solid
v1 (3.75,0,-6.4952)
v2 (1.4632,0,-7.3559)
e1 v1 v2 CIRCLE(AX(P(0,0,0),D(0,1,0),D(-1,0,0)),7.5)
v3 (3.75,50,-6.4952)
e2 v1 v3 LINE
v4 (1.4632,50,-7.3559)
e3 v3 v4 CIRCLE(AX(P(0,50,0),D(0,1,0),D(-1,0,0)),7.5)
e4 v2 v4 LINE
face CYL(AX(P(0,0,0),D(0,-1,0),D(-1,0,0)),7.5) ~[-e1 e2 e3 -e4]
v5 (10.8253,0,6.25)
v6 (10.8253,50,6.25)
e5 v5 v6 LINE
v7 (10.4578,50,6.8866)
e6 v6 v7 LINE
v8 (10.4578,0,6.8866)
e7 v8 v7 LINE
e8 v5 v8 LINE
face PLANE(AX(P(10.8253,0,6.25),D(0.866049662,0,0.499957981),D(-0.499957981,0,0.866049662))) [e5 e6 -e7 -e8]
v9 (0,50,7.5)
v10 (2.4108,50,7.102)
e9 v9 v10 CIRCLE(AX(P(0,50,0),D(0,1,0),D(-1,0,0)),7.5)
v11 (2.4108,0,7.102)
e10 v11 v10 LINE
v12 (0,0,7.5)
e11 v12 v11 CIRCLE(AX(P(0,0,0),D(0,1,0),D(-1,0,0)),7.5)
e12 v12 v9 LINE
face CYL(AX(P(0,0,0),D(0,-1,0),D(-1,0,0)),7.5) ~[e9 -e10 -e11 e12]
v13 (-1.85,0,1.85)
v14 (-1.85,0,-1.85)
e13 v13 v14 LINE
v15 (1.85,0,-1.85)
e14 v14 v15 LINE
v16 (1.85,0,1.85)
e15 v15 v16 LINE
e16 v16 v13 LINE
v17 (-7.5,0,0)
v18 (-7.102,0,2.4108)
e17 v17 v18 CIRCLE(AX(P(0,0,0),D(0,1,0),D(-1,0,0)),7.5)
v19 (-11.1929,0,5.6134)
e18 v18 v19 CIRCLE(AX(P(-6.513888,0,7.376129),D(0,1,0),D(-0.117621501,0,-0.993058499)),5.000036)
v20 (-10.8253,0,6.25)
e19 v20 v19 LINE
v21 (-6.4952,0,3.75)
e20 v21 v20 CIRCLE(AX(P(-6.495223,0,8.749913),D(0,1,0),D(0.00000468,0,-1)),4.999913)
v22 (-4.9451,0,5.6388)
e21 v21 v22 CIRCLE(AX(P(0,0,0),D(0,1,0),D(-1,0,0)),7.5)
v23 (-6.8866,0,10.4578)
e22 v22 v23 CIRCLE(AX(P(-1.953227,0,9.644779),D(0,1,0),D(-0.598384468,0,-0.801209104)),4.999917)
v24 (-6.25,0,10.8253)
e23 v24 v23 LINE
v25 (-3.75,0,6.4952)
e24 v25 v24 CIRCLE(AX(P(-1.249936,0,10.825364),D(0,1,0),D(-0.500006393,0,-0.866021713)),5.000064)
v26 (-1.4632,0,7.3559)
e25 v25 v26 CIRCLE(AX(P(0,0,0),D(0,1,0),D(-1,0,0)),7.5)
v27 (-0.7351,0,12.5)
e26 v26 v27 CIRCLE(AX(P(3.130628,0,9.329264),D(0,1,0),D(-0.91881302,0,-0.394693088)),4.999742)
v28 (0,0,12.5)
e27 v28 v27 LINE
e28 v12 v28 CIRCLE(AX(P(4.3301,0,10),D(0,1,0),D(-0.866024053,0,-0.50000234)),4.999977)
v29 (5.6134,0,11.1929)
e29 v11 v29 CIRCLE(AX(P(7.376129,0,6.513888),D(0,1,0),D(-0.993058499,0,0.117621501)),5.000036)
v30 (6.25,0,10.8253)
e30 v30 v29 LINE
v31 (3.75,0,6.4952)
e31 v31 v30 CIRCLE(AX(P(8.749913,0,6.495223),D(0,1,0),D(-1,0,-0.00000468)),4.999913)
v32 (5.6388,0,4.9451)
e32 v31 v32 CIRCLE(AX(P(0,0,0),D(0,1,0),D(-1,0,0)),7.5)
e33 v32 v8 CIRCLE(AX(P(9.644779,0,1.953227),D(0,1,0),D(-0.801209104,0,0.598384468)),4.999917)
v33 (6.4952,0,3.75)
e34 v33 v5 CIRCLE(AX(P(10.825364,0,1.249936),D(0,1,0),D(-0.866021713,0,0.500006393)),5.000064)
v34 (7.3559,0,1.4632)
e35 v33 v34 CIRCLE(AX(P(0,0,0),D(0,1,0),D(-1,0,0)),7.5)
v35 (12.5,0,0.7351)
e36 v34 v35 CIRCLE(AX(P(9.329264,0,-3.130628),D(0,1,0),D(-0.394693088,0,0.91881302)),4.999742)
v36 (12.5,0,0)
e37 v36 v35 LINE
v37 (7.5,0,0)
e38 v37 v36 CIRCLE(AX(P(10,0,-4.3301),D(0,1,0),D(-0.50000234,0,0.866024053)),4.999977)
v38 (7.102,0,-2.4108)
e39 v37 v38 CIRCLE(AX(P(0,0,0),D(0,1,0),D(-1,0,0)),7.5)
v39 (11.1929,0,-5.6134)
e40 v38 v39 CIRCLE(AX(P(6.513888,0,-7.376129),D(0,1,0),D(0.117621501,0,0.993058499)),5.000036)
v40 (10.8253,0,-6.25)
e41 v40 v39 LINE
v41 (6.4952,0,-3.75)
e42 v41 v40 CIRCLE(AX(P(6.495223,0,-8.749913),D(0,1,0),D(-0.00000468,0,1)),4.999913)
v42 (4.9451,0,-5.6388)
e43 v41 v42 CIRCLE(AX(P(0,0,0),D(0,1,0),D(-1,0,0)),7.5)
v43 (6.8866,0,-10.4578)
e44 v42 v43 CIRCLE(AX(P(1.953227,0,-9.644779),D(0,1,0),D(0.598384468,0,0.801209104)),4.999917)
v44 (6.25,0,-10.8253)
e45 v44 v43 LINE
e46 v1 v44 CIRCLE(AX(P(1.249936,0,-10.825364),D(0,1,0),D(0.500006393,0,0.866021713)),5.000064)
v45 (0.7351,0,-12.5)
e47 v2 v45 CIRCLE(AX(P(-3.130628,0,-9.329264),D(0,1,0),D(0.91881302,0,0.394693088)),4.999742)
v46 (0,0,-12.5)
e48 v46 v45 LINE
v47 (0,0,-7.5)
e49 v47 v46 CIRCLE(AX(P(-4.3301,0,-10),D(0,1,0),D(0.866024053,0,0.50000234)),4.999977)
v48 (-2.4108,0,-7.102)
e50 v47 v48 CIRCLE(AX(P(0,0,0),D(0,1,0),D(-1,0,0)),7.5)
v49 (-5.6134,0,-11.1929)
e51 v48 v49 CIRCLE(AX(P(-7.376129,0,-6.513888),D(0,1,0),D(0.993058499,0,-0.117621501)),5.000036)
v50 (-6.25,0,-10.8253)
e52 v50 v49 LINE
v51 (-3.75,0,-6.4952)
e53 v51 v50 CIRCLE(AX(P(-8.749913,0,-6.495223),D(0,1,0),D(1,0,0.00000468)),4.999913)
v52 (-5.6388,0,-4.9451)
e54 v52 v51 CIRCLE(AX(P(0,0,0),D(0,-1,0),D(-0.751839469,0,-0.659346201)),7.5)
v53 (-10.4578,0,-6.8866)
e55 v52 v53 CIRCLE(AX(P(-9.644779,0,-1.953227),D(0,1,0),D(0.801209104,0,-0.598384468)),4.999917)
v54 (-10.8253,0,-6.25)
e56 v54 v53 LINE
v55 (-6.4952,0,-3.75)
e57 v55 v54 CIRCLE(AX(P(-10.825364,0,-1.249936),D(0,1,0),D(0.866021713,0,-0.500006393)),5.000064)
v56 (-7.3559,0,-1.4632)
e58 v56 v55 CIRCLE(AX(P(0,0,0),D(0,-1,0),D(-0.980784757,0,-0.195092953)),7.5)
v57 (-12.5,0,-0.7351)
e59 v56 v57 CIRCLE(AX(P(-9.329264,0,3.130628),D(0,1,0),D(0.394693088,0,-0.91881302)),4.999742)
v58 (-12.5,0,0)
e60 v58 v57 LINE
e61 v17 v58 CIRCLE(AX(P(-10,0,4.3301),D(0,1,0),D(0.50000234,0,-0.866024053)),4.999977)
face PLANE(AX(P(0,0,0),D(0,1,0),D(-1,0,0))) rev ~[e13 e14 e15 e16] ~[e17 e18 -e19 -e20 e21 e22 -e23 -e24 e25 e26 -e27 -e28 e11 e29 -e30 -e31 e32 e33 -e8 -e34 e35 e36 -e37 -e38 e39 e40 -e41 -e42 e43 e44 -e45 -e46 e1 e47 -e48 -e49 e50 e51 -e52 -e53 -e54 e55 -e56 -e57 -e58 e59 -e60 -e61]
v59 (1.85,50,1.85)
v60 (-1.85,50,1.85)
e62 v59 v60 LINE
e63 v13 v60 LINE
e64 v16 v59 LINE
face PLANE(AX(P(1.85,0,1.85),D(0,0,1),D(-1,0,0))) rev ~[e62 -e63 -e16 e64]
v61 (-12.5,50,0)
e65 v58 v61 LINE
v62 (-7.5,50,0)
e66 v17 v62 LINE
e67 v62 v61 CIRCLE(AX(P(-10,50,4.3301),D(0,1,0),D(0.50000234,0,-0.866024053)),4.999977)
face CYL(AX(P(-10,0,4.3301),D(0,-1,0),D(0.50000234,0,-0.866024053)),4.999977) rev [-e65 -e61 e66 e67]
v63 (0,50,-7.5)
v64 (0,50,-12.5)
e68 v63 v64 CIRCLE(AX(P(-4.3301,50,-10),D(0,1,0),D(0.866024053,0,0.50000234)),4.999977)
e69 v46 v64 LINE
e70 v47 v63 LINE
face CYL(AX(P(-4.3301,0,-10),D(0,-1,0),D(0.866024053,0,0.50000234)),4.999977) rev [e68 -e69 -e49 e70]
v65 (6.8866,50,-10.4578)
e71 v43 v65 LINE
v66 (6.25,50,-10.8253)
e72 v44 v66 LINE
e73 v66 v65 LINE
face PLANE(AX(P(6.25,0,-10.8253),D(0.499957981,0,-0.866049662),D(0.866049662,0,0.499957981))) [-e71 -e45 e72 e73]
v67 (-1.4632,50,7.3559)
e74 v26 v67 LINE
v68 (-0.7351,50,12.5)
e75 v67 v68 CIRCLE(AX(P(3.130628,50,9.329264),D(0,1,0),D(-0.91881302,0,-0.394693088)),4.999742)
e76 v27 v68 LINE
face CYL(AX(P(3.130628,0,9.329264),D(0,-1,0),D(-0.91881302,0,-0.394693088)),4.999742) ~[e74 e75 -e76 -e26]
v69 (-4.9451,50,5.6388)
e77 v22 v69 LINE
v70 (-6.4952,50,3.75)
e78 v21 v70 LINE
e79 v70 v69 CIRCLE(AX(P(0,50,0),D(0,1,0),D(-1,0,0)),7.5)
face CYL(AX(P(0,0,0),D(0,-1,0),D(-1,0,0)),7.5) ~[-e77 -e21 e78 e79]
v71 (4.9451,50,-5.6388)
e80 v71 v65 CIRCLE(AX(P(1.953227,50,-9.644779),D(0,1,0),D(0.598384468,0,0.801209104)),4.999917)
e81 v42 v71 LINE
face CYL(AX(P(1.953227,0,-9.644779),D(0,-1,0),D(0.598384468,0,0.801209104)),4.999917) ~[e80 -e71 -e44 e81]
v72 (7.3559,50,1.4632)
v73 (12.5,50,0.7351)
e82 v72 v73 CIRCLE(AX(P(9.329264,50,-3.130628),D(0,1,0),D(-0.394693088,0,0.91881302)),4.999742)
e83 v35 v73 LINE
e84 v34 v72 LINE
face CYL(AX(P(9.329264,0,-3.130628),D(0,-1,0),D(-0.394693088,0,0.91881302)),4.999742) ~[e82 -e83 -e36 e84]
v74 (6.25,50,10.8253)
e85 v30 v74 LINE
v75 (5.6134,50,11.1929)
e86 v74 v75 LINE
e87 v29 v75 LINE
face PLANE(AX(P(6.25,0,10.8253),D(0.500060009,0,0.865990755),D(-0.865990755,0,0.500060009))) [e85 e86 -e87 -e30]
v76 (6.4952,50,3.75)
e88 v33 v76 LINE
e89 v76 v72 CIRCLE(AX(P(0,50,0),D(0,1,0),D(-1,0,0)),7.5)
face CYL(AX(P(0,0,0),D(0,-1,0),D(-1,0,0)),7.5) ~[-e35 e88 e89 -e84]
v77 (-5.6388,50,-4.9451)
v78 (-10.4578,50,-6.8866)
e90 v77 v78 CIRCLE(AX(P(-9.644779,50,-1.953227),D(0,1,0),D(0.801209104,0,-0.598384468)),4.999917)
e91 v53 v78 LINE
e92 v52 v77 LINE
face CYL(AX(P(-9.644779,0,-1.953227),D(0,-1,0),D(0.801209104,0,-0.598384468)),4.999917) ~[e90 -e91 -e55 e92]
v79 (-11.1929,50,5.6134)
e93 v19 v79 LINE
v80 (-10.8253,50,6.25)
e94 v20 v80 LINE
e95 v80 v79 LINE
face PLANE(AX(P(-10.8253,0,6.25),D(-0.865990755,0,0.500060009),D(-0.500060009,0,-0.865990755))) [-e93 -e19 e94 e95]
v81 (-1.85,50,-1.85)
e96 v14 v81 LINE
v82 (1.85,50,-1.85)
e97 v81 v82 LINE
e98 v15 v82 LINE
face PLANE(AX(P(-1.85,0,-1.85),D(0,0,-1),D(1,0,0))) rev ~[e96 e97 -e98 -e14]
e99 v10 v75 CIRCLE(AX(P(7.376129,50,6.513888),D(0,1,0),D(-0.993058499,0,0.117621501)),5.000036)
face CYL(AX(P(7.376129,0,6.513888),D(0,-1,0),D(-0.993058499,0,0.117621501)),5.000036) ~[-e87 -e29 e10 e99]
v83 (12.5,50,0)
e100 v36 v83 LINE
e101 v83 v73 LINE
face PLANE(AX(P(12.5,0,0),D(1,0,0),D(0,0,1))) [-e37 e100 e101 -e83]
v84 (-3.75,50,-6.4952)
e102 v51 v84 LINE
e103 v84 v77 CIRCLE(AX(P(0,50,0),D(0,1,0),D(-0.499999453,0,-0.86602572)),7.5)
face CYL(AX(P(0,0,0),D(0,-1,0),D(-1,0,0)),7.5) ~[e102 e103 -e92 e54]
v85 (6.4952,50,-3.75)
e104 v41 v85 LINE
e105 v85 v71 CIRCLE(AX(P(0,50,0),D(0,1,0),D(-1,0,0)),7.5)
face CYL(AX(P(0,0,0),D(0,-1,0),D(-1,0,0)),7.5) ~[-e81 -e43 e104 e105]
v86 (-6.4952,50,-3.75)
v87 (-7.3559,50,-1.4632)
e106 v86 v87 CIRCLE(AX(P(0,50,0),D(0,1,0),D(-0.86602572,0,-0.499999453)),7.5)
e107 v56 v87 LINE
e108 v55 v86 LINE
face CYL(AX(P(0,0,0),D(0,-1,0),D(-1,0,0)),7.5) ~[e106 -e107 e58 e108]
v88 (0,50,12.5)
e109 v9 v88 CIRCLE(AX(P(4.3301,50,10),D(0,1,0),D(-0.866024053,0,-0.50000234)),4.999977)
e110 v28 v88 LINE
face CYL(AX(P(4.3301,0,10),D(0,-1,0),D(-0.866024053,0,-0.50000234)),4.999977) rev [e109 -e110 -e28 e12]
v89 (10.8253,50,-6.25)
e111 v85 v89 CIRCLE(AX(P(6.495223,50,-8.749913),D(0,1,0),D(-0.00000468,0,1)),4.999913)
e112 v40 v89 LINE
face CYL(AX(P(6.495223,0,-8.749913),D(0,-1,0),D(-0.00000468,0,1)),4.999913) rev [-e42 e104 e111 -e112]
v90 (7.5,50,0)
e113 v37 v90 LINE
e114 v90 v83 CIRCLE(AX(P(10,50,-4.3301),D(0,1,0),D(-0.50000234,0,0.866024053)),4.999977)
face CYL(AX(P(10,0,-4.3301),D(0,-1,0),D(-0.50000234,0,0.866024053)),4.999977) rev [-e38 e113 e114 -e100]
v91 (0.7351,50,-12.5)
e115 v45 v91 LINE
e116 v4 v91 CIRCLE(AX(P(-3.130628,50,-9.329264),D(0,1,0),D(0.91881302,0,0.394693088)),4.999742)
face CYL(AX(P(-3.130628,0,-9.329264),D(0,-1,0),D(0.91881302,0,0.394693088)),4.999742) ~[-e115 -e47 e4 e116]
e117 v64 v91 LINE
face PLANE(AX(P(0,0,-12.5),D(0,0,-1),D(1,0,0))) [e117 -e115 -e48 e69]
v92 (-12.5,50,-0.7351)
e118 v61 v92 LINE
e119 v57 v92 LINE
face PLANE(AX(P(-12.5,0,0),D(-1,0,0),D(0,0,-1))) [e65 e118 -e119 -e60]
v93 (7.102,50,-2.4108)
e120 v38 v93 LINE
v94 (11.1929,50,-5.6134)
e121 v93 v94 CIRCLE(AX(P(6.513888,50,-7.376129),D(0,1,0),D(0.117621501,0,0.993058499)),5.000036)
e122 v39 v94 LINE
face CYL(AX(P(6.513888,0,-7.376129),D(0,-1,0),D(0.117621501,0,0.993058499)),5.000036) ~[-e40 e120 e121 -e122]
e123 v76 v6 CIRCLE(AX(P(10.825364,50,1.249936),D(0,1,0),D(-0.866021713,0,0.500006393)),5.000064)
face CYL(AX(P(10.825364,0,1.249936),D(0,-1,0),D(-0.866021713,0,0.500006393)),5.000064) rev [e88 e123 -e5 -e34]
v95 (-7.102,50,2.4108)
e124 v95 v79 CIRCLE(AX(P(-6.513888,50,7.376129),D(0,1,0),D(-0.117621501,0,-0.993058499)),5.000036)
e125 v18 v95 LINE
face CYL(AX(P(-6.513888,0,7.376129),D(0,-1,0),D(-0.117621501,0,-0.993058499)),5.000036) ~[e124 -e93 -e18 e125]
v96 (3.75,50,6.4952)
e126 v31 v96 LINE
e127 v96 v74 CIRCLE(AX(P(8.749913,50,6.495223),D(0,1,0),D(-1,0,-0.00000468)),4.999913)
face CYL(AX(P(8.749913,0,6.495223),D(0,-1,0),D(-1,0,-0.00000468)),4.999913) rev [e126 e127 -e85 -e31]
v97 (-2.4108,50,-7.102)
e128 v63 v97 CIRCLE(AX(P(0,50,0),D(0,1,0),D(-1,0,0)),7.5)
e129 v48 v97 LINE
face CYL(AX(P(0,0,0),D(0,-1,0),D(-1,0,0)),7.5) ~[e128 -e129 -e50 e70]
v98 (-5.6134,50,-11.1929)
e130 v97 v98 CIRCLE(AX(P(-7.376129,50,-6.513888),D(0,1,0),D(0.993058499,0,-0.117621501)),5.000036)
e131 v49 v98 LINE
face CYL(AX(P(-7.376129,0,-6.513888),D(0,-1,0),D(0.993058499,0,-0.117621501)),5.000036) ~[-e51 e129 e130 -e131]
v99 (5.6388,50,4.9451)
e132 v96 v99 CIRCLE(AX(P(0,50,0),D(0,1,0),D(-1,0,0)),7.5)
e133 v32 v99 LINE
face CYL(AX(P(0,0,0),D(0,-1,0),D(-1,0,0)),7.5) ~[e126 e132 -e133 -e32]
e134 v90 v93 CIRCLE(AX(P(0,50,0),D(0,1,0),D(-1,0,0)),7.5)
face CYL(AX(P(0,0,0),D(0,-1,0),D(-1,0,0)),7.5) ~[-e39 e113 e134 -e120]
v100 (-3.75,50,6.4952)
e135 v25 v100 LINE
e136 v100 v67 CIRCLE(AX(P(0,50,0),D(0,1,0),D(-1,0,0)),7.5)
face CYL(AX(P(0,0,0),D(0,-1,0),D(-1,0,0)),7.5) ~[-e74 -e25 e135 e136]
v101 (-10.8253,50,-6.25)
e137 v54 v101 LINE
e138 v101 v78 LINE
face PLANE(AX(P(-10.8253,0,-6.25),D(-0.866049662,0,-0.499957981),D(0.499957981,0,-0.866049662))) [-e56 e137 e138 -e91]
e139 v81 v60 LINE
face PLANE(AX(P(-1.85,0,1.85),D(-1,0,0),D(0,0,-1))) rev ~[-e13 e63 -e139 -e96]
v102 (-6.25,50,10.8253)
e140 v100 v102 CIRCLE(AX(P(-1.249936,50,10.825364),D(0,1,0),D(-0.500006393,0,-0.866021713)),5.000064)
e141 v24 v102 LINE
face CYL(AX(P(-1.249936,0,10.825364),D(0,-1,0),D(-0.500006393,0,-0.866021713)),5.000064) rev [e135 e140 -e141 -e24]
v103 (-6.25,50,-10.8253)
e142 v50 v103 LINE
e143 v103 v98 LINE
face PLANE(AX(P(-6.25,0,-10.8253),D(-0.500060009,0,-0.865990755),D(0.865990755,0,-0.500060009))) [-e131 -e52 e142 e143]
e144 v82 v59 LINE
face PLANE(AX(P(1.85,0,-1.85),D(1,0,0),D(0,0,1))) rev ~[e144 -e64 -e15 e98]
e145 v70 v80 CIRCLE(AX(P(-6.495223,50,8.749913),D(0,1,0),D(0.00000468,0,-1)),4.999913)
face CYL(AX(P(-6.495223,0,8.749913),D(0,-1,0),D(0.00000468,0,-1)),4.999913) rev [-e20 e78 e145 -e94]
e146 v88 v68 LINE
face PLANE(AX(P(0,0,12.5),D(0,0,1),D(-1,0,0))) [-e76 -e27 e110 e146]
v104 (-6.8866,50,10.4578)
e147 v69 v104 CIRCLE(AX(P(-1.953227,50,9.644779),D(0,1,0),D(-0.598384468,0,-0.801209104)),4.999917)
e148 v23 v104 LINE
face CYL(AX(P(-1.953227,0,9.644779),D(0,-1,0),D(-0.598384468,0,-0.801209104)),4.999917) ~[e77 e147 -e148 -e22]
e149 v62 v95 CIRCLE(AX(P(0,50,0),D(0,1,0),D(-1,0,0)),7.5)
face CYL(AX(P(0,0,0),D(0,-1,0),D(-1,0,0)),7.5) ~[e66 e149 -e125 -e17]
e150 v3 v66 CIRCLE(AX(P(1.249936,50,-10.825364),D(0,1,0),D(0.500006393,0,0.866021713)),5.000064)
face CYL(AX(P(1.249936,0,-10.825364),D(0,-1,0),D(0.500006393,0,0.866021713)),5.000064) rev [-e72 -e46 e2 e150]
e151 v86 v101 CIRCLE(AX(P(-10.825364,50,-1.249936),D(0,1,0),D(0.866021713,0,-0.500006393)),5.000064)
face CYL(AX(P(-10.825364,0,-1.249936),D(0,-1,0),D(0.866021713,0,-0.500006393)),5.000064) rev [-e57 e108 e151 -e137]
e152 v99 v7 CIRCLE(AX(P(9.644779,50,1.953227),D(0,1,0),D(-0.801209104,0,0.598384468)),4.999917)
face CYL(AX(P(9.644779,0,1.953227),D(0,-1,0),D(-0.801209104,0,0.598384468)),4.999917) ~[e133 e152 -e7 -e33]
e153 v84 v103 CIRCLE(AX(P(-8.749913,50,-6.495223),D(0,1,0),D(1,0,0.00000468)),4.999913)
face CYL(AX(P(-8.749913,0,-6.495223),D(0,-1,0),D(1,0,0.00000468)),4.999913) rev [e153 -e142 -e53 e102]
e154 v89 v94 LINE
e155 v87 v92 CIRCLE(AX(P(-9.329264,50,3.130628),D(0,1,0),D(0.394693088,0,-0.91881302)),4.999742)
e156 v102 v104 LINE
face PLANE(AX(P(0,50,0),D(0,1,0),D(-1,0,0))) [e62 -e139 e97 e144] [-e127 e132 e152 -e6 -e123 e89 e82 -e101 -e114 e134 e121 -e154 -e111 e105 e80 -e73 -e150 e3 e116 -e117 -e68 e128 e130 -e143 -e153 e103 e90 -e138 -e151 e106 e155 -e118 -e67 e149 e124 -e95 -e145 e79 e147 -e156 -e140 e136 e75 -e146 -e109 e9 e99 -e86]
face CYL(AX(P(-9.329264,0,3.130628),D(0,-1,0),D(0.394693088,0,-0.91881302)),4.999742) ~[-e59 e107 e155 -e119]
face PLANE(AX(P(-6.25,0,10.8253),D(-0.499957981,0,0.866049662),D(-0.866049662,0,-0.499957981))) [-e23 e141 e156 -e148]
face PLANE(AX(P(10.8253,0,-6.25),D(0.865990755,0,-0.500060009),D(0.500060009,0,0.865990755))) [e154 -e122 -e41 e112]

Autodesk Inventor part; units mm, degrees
ref_plane "YZ Plane" through (0, 0, 0) normal (1, 0, 0) x (0, 1, 0)
ref_plane "XZ Plane" through (0, 0, 0) normal (0, 1, 0) x (-1, 0, 0)
ref_plane "XY Plane" through (0, 0, 0) normal (0, 0, 1) x (1, 0, 0)
sketch "Sketch1" plane through (0, 0, 0) normal (0, 1, 0) x (-1, 0, 0)
  circle A0 centre (0, 0) radius 7.5
  line L0 (1.5, 1.5) -> (-1.5, -1.5) construction
  line L1 (-1.5, 1.5) -> (1.5, -1.5) construction
  arc A1 (7.5, 0) -> (12.5, 0) centre (10, 4.3301) ccw
  line L2 (0, 0) -> (5.3033, -5.3033)
  line L3 (0, 0) -> (6.9291, -2.8701)
  line L4 (0, 0) -> (7.5, 0) construction
  line L5 (0, 0) -> (7.3559, -1.4632)
  line L6 (0, 0) -> (7.5, 0) construction
  line L7 (0, 0) -> (7.4639, -0.7351)
  line L8 (0, 0) -> (7.5, 0) construction
  line L9 (12.5, 0) -> (12.5, -0.7351)
  arc A2 (7.4639, -0.7351) -> (7.5, 0) centre (0, 0) ccw
  arc A3 (7.3559, -1.4632) -> (12.5, -0.7351) centre (9.3293, 3.1309) ccw
  arc A4 (6.4952, 3.75) -> (10.8253, 6.25) centre (6.4952, 8.75) ccw
  line L10 (10.8253, 6.25) -> (11.1929, 5.6134)
  arc A5 (7.102, 2.4108) -> (11.1929, 5.6134) centre (6.5139, 7.3761) ccw
  arc A6 (3.75, 6.4952) -> (6.25, 10.8253) centre (1.25, 10.8253) ccw
  line L11 (6.25, 10.8253) -> (6.8866, 10.4578)
  arc A7 (4.9451, 5.6388) -> (6.8866, 10.4578) centre (1.9532, 9.6448) ccw
  arc A8 (0, 7.5) -> (0, 12.5) centre (-4.3301, 10) ccw
  line L12 (0, 12.5) -> (0.7351, 12.5)
  arc A9 (1.4632, 7.3559) -> (0.7351, 12.5) centre (-3.1309, 9.3293) ccw
  arc A10 (-3.75, 6.4952) -> (-6.25, 10.8253) centre (-8.75, 6.4952) ccw
  line L13 (-6.25, 10.8253) -> (-5.6134, 11.1929)
  arc A11 (-2.4108, 7.102) -> (-5.6134, 11.1929) centre (-7.3761, 6.5139) ccw
  arc A12 (-6.4952, 3.75) -> (-10.8253, 6.25) centre (-10.8253, 1.25) ccw
  line L14 (-10.8253, 6.25) -> (-10.4578, 6.8866)
  arc A13 (-5.6388, 4.9451) -> (-10.4578, 6.8866) centre (-9.6448, 1.9532) ccw
  arc A14 (-7.5, 0) -> (-12.5, 0) centre (-10, -4.3301) ccw
  line L15 (-12.5, 0) -> (-12.5, 0.7351)
  arc A15 (-7.3559, 1.4632) -> (-12.5, 0.7351) centre (-9.3293, -3.1309) ccw
  arc A16 (-6.4952, -3.75) -> (-10.8253, -6.25) centre (-6.4952, -8.75) ccw
  line L16 (-10.8253, -6.25) -> (-11.1929, -5.6134)
  arc A17 (-7.102, -2.4108) -> (-11.1929, -5.6134) centre (-6.5139, -7.3761) ccw
  arc A18 (-3.75, -6.4952) -> (-6.25, -10.8253) centre (-1.25, -10.8253) ccw
  line L17 (-6.25, -10.8253) -> (-6.8866, -10.4578)
  arc A19 (-4.9451, -5.6388) -> (-6.8866, -10.4578) centre (-1.9532, -9.6448) ccw
  arc A20 (0, -7.5) -> (0, -12.5) centre (4.3301, -10) ccw
  line L18 (0, -12.5) -> (-0.7351, -12.5)
  arc A21 (-1.4632, -7.3559) -> (-0.7351, -12.5) centre (3.1309, -9.3293) ccw
  arc A22 (3.75, -6.4952) -> (6.25, -10.8253) centre (8.75, -6.4952) ccw
  line L19 (6.25, -10.8253) -> (5.6134, -11.1929)
  arc A23 (2.4108, -7.102) -> (5.6134, -11.1929) centre (7.3761, -6.5139) ccw
  arc A24 (6.4952, -3.75) -> (10.8253, -6.25) centre (10.8253, -1.25) ccw
  line L20 (10.8253, -6.25) -> (10.4578, -6.8866)
  arc A25 (5.6388, -4.9451) -> (10.4578, -6.8866) centre (9.6448, -1.9532) ccw
  line L21 (1.85, -1.85) -> (-1.85, -1.85)
  line L22 (-1.85, -1.85) -> (-1.85, 1.85)
  line L23 (-1.85, 1.85) -> (1.85, 1.85)
  line L24 (1.85, 1.85) -> (1.85, -1.85)
  line L25 (1.85, -1.85) -> (-1.85, 1.85) construction
  line L26 (-1.85, -1.85) -> (1.85, 1.85) construction
  point P0 (7.102, 2.4108)
  point P1 (6.4952, 3.75)
  point P2 (4.9451, 5.6388)
  point P3 (3.75, 6.4952)
  point P4 (1.4632, 7.3559)
  point P5 (0, 7.5)
  point P6 (-2.4108, 7.102)
  point P7 (-3.75, 6.4952)
  point P8 (-5.6388, 4.9451)
  point P9 (-6.4952, 3.75)
  point P10 (-7.3559, 1.4632)
  point P11 (-7.5, 0)
  point P12 (-1.4632, -7.3559)
  point P13 (0, -7.5)
  point P14 (2.4108, -7.102)
  point P15 (3.75, -6.4952)
  dimension "d0" = 15
  dimension "d1" = 3
  dimension "d2" = 3
  dimension "d3" = 5
  dimension "d4" = 5
  dimension "d5" = 22.5
  dimension "d6" = 11.25
  dimension "d7" = 5.625
  dimension "d13" = 5
  dimension "d16" = 360
  dimension "d20" = 3.7
  dimension "d21" = 3.7
extrude "Extrusion1" add sketch "Sketch1" along normal blind 50 contours A0 L7 L24 L23 L22 L21 L2 | A1 L9 A3 A0 | A0 A4 L10 A5 | A0 L5 L24 L7 | A0 L3 L24 L5 | A0 A6 L11 A7 | A0 L2 L24 L3 | A24 L20 A25 A0 | A0 A8 L12 A9 | A22 L19 A23 A0 | A0 A10 L13 A11 | A20 L18 A21 A0 | A0 A12 L14 A13 | A18 L17 A19 A0 | A0 A14 L15 A15 | A16 L16 A17 A0
sketch "Sketch2" plane through (12.5, 0, 0) normal (1, 0, 0) x (0, 0, -1)
  point P0 (0, 0)
sketch "Sketch3" plane through (0, 50, 0) normal (0, 1, 0) x (1, 0, 0)
  point P0 (0, 0)
sketch "Sketch4" plane through (-6.25, 0, 10.8253) normal (-0.5, 0, 0.866) x (0.866, 0, 0.5)
  point P0 (0, 0)
sketch "Sketch5" plane through (0, 50, 0) normal (0, 1, 0) x (1, 0, 0)
  point P0 (0, 0)
equation "\"BendRadius\" = Thickness"
equation "\"BendReliefWidth\" = Thickness"
equation "\"BendReliefDepth\" = 0.5 * Thickness"
equation "\"CornerReliefSize\" = 4 * Thickness"
equation "\"MinimumRemnant\" = 2 * Thickness"
equation "\"TransitionRadius\" = BendRadius"
equation "\"JacobiRadiusSize\" = BendRadius"
equation "\"GapSize\" = Thickness"
equation "\"Thickness\" = 0.5"
